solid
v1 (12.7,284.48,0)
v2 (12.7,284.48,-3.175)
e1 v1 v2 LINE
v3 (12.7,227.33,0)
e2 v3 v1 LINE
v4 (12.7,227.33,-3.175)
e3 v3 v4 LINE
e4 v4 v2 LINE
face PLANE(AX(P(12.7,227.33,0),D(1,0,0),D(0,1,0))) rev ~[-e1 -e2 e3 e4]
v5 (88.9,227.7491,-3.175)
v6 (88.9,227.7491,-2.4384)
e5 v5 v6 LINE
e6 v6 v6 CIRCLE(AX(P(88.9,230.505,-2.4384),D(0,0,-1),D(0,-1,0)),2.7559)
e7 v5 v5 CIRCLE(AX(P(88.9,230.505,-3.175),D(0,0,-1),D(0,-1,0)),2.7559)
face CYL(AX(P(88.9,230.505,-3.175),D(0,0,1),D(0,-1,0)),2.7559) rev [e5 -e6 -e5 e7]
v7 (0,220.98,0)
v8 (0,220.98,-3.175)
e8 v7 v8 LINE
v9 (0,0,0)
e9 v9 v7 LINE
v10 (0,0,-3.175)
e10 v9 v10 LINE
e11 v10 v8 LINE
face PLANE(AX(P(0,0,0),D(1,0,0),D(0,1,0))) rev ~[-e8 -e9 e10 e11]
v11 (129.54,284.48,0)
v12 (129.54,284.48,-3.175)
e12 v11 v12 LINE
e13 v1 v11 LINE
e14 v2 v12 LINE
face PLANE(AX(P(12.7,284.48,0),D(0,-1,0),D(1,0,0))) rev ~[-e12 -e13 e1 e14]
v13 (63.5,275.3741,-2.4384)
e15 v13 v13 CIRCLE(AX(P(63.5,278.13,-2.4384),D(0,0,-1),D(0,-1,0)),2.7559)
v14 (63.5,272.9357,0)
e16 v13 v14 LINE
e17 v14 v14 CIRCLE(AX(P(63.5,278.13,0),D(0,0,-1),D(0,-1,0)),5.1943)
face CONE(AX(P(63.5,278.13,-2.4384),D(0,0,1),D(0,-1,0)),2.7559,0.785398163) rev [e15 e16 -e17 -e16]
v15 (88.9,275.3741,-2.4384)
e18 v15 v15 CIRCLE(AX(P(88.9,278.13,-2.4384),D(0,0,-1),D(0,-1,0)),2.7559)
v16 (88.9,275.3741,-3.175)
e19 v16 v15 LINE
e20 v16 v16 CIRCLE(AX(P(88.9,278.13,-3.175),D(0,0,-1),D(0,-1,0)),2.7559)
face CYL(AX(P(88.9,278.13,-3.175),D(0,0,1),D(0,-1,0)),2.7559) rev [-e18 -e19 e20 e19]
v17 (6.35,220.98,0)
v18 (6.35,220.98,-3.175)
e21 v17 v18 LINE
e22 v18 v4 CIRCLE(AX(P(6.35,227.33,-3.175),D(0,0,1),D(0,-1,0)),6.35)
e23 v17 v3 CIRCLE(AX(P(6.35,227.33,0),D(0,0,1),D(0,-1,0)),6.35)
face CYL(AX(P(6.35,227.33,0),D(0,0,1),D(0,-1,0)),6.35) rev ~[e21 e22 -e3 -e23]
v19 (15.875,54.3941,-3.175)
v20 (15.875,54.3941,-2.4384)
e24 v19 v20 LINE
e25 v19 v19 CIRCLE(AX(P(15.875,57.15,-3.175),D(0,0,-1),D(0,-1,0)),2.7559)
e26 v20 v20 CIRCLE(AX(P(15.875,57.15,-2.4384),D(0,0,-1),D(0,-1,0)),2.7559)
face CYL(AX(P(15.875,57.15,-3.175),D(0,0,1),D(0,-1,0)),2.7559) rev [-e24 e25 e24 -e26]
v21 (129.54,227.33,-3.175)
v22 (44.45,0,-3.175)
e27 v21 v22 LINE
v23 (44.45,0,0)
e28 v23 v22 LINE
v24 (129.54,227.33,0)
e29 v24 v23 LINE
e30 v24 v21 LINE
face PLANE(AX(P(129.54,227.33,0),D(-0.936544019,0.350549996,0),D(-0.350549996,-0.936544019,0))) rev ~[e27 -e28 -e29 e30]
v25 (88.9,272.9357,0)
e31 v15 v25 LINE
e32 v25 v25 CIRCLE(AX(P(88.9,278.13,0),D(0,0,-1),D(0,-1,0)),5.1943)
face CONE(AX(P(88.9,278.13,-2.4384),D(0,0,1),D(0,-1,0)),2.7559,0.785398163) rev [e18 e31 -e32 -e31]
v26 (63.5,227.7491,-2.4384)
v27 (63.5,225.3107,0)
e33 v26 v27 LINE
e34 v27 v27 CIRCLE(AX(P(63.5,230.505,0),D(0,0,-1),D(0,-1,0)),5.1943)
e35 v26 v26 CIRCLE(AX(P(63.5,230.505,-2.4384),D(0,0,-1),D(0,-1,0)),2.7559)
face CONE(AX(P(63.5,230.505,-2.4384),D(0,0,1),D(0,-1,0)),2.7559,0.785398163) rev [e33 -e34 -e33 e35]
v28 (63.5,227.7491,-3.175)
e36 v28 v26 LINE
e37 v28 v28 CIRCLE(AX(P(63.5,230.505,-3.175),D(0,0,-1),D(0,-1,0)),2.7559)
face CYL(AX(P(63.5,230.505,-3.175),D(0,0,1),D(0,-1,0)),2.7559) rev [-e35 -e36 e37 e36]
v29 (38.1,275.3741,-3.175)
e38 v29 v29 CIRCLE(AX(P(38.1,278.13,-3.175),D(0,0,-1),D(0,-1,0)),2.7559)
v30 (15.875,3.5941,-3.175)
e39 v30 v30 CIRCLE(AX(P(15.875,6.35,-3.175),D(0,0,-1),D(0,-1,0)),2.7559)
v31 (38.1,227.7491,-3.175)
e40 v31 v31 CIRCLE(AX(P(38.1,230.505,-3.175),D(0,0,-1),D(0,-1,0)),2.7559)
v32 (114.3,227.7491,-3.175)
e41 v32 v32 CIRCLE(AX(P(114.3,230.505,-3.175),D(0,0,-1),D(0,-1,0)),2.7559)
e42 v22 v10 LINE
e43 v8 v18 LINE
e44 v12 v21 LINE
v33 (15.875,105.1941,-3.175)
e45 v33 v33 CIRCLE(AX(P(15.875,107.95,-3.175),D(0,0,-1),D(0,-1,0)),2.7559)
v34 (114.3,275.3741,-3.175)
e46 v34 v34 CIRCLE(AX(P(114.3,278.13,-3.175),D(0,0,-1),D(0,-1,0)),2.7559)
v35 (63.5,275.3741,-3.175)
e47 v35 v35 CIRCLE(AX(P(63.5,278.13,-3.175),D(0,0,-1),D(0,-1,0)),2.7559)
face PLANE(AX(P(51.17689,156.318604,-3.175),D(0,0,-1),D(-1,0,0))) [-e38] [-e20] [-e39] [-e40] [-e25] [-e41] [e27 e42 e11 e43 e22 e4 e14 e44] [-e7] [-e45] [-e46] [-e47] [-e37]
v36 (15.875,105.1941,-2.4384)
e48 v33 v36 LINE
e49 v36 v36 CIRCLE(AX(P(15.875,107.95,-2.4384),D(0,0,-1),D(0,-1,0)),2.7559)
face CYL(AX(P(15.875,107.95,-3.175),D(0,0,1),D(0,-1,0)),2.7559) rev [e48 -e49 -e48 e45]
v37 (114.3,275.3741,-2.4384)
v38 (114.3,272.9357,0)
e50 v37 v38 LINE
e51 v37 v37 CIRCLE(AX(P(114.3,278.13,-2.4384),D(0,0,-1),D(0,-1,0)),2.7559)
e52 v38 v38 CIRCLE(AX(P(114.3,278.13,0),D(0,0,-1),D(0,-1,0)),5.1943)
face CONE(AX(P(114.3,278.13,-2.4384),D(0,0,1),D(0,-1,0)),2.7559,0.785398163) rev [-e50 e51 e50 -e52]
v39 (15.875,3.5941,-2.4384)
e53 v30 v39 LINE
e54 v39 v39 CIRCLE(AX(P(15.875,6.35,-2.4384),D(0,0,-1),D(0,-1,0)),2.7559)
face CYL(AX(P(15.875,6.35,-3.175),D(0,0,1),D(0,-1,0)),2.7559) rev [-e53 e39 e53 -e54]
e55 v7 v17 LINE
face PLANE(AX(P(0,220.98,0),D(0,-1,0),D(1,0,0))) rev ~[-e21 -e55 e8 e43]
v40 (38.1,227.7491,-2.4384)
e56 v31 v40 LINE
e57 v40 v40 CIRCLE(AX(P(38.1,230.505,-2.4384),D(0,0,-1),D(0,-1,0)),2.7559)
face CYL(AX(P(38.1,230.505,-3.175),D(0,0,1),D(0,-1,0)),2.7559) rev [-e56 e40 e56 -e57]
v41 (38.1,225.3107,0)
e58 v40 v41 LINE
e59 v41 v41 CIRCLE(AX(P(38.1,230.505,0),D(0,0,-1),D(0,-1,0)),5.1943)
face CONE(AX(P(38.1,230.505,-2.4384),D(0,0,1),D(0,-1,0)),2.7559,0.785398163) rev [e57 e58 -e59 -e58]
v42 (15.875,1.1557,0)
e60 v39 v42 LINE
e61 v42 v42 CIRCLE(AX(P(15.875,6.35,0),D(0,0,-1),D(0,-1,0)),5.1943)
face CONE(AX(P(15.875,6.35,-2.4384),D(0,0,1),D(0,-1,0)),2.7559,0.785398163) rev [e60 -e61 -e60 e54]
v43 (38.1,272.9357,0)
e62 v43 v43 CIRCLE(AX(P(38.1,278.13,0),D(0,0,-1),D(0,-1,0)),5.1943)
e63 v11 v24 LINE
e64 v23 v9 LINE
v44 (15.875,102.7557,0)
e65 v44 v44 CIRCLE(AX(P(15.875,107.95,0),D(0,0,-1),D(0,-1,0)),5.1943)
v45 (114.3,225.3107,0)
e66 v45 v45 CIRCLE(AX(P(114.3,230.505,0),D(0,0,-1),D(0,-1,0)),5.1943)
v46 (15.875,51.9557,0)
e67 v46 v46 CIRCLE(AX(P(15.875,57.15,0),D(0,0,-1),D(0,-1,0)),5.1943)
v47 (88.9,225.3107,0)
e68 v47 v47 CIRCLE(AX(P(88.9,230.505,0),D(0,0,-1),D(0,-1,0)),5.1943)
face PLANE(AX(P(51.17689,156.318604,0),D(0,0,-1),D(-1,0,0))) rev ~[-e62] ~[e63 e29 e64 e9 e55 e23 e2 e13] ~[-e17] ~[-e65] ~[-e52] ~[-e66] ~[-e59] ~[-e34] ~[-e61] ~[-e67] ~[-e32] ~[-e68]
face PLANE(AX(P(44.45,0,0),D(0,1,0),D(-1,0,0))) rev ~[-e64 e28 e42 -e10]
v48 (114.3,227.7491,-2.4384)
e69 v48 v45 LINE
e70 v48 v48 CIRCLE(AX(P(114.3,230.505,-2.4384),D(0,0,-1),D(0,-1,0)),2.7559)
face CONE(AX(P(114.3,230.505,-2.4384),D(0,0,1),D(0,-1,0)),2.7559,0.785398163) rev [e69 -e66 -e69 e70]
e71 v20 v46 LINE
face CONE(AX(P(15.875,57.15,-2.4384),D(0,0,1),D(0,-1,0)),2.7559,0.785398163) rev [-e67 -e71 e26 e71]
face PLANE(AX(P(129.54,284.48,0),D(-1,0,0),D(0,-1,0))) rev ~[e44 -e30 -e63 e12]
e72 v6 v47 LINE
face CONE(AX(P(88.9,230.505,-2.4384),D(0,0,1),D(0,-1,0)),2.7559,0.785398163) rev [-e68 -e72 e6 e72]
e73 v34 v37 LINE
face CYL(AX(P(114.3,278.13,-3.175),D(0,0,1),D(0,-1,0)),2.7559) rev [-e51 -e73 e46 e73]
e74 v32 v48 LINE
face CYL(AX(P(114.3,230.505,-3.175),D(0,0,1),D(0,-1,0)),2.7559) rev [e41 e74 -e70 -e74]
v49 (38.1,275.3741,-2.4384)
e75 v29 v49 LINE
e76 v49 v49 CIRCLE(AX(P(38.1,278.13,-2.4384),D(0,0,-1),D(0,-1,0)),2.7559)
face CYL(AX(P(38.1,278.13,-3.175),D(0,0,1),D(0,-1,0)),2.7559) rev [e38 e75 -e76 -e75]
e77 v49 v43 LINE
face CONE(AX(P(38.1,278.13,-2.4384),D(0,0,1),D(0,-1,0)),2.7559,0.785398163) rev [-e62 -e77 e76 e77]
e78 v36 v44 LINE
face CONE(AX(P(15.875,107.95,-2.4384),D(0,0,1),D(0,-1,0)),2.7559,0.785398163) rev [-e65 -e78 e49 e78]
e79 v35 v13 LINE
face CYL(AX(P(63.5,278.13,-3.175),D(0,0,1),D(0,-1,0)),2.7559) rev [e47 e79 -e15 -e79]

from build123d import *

# Parameters (mm, degrees)
BOSS_EXTRUDE1_DEPTH                       = 3.175
CSK_FOR_0_FLAT_HEAD_MACHINE_SCREW_2_COUNT = 2
CSK_FOR_0_FLAT_HEAD_MACHINE_SCREW_2_PITCH = 47.625
LPATTERN1_COUNT                           = 4
LPATTERN1_PITCH                           = 25.4
LPATTERN2_COUNT                           = 3
LPATTERN2_PITCH                           = 50.8


with BuildPart() as part:
    # Sketch1 → Boss-Extrude1 (new body)
    with BuildSketch(Plane.XY):
        with BuildLine():
            Line((0, 0), (0, 220.98))
            Line((0, 220.98), (6.35, 220.98))
            ThreePointArc((6.35, 220.98), (10.840128061, 222.839871939), (12.7, 227.33))
            Line((12.7, 227.33), (12.7, 284.48))
            Line((12.7, 284.48), (129.54, 284.48))
            Line((129.54, 284.48), (129.54, 227.33))
            Line((129.54, 227.33), (44.45, 0))
            Line((44.45, 0), (0, 0))
        make_face()
    extrude(amount=-BOSS_EXTRUDE1_DEPTH)

    # Sketch3 → CSK for _0 Flat Head Machine Screw _100 (revolve, cut)
    with BuildSketch(Plane(origin=(38.1, 278.13, 0), x_dir=(0, -1, 0), z_dir=(1, 0, 0))):
        Polygon((0, 0), (0, 3.175), (2.7559, 3.175), (2.7559, 2.4384), (5.1943, 0), align=None)
    csk_for_0_flat_head_machine_screw_100 = revolve(axis=Axis((38.1, 278.13, 6.35), (0, 0, -1)), mode=Mode.SUBTRACT)

    # CSK for _0 Flat Head Machine Screw _ 2: CSK for _0 Flat Head Machine Screw _100 ×2
    with Locations(*[(0, -i * CSK_FOR_0_FLAT_HEAD_MACHINE_SCREW_2_PITCH, 0) for i in range(1, CSK_FOR_0_FLAT_HEAD_MACHINE_SCREW_2_COUNT)]):
        add(csk_for_0_flat_head_machine_screw_100, mode=Mode.SUBTRACT)

    # LPattern1: CSK for _0 Flat Head Machine Screw _100 ×4
    with Locations(*[(i * LPATTERN1_PITCH, 0, 0) for i in range(1, LPATTERN1_COUNT)]):
        add(csk_for_0_flat_head_machine_screw_100, mode=Mode.SUBTRACT)

    # LPattern1 copy 1 sketch → LPattern1 copy 1 (revolve, cut)
    with BuildSketch(Plane(origin=(63.5, 230.505, 0), x_dir=(0, -1, 0), z_dir=(1, 0, 0))):
        Polygon((0, 0), (0, 3.175), (2.7559, 3.175), (2.7559, 2.4384), (5.1943, 0), align=None)
    revolve(axis=Axis((63.5, 230.505, 6.35), (0, 0, -1)), mode=Mode.SUBTRACT)

    # LPattern1 copy 2 sketch → LPattern1 copy 2 (revolve, cut)
    with BuildSketch(Plane(origin=(88.9, 230.505, 0), x_dir=(0, -1, 0), z_dir=(1, 0, 0))):
        Polygon((0, 0), (0, 3.175), (2.7559, 3.175), (2.7559, 2.4384), (5.1943, 0), align=None)
    revolve(axis=Axis((88.9, 230.505, 6.35), (0, 0, -1)), mode=Mode.SUBTRACT)

    # LPattern1 copy 3 sketch → LPattern1 copy 3 (revolve, cut)
    with BuildSketch(Plane(origin=(114.3, 230.505, 0), x_dir=(0, -1, 0), z_dir=(1, 0, 0))):
        Polygon((0, 0), (0, 3.175), (2.7559, 3.175), (2.7559, 2.4384), (5.1943, 0), align=None)
    revolve(axis=Axis((114.3, 230.505, 6.35), (0, 0, -1)), mode=Mode.SUBTRACT)

    # Sketch4 → CSK for _0 Flat Head Machine Screw _ 3 (revolve, cut)
    with BuildSketch(Plane(origin=(15.875, 107.95, 0), x_dir=(0, -1, 0), z_dir=(1, 0, 0))):
        Polygon((0, 0), (0, 3.175), (2.7559, 3.175), (2.7559, 2.4384), (5.1943, 0), align=None)
    csk_for_0_flat_head_machine_screw_3 = revolve(axis=Axis((15.875, 107.95, 6.35), (0, 0, -1)), mode=Mode.SUBTRACT)

    # LPattern2: CSK for _0 Flat Head Machine Screw _ 3 ×3
    with Locations(*[(0, -i * LPATTERN2_PITCH, 0) for i in range(1, LPATTERN2_COUNT)]):
        add(csk_for_0_flat_head_machine_screw_3, mode=Mode.SUBTRACT)


solid = part.part
